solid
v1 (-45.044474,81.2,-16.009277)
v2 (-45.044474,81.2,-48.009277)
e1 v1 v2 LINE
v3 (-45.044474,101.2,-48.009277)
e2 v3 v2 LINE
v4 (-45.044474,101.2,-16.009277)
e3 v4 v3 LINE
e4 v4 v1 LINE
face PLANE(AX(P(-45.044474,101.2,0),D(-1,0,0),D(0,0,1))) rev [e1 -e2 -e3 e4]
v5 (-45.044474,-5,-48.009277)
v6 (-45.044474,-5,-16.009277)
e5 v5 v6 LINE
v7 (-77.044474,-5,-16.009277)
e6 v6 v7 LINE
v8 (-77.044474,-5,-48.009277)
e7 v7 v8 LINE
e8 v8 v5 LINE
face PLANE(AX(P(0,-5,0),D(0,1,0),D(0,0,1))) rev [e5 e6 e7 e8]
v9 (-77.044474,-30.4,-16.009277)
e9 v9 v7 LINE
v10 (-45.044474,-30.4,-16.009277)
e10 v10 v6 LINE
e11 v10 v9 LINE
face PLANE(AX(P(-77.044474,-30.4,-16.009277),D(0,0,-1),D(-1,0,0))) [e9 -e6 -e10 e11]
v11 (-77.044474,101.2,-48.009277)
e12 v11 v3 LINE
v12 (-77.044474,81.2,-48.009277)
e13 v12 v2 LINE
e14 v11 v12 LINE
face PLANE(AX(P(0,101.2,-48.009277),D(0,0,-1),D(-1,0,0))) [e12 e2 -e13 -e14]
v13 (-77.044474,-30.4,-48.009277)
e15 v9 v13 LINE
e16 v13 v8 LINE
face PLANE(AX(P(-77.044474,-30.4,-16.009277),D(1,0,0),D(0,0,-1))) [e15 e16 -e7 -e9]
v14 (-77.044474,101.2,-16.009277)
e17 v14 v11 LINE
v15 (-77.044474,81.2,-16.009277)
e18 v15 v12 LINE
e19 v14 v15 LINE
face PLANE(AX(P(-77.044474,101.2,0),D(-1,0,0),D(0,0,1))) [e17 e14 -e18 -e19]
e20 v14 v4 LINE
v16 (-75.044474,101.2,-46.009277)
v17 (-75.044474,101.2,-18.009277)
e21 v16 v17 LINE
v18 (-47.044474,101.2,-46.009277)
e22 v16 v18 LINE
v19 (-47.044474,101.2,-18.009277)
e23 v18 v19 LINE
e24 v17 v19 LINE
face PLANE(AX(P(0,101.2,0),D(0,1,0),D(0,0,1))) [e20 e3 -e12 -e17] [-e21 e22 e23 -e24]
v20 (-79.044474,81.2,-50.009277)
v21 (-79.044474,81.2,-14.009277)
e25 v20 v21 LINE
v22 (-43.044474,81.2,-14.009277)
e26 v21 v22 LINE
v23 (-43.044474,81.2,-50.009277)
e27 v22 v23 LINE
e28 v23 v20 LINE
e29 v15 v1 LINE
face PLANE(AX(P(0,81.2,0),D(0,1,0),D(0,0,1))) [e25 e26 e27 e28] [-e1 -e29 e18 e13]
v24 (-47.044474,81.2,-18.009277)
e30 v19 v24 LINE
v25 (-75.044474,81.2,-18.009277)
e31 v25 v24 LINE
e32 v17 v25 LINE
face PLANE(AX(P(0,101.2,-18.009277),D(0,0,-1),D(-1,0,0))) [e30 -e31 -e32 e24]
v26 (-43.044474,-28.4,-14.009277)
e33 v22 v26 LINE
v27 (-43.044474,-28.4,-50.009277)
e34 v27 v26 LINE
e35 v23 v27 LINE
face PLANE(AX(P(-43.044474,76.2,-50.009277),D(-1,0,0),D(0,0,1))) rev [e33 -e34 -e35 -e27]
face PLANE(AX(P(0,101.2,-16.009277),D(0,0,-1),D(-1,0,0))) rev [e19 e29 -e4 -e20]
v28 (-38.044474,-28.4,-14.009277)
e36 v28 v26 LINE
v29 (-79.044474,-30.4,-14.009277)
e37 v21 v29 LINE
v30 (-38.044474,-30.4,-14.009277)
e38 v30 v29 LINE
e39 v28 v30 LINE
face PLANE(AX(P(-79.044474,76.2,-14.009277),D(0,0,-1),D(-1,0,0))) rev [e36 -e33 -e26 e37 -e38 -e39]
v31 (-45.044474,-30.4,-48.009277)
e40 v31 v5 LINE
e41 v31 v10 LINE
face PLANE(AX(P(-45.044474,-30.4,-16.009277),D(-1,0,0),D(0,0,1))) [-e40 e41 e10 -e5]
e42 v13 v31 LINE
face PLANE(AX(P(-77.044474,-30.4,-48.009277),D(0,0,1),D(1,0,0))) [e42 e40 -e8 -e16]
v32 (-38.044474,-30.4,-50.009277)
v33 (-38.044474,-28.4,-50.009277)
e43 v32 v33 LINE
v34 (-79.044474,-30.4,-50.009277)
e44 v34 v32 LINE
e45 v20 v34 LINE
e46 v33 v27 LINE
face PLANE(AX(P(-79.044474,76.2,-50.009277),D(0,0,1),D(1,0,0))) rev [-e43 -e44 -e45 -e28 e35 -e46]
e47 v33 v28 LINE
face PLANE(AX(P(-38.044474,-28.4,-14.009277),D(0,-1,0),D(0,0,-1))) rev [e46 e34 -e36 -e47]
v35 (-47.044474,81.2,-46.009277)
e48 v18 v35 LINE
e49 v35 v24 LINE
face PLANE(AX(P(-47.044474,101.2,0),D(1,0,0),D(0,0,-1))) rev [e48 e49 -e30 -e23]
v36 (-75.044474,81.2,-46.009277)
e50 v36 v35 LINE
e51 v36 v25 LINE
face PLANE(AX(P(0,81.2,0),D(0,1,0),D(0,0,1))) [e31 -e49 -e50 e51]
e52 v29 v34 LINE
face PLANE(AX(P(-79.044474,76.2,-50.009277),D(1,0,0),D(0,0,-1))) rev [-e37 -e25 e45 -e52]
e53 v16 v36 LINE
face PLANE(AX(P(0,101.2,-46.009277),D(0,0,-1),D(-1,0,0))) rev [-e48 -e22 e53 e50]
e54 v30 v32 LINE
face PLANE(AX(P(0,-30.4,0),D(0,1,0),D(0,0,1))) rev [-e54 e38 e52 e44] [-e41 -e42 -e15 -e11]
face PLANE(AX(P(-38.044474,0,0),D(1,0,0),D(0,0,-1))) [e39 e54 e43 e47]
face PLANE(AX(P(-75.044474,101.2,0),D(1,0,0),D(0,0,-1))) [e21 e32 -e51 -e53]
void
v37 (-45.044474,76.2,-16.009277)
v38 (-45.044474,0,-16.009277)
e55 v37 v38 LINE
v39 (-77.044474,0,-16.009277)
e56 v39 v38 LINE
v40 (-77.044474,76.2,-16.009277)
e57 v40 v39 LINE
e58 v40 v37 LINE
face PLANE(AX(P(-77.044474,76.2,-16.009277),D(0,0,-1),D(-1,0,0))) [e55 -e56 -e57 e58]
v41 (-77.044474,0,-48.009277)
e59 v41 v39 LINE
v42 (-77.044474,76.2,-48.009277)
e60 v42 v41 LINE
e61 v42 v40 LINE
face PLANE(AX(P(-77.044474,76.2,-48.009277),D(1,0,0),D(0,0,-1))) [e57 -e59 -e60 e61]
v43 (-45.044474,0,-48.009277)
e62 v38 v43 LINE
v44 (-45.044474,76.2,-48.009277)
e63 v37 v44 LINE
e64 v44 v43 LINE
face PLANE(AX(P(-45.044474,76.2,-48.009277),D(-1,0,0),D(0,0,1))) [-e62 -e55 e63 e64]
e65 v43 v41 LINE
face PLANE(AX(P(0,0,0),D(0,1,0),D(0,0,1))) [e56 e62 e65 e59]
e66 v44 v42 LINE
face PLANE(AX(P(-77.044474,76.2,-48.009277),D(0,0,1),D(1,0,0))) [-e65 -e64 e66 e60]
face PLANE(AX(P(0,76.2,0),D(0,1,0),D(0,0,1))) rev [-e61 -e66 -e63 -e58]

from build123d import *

# Parameters (mm, degrees)
SKETCH1_W           = 36
SKETCH1_H           = 36
SKETCH1_W_2         = 32
SKETCH1_H_2         = 32
BOSS_EXTRUDE1_DEPTH = 76.2
SKETCH2_W           = 36
SKETCH2_H           = 36
BOSS_EXTRUDE2_DEPTH = 5
SKETCH3_W           = 36
SKETCH3_H           = 36
SKETCH3_W_2         = 32
SKETCH3_H_2         = 32
BOSS_EXTRUDE3_DEPTH = 25.4
SKETCH4_W           = 36
SKETCH4_H           = 2
BOSS_EXTRUDE4_DEPTH = 5
SKETCH5_W           = 36
SKETCH5_H           = 36
BOSS_EXTRUDE5_DEPTH = 5
SKETCH6_W           = 32
SKETCH6_H           = 32
SKETCH6_W_2         = 28
SKETCH6_H_2         = 28
BOSS_EXTRUDE6_DEPTH = 20


with BuildPart() as part:
    # Sketch1 → Boss-Extrude1 (new body)
    with BuildSketch(Plane(origin=(0, 0, 0), x_dir=(1, 0, 0), z_dir=(0, 1, 0))):
        with Locations((-61.04447382, 32.009277239)):
            Rectangle(SKETCH1_W, SKETCH1_H)
        with Locations((-61.04447382, 32.009277239)):
            Rectangle(SKETCH1_W_2, SKETCH1_H_2, mode=Mode.SUBTRACT)
    extrude(amount=BOSS_EXTRUDE1_DEPTH)

    # Sketch2 → Boss-Extrude2 (add)
    with BuildSketch(Plane.XZ):
        with Locations((-61.04447382, -32.009277239)):
            Rectangle(SKETCH2_W, SKETCH2_H)
    extrude(amount=BOSS_EXTRUDE2_DEPTH)

    # Sketch3 → Boss-Extrude3 (add)
    with BuildSketch(Plane.XZ.offset(5)):
        with Locations((-61.04447382, -32.009277239)):
            Rectangle(SKETCH3_W, SKETCH3_H)
        with Locations((-61.04447382, -32.009277239)):
            Rectangle(SKETCH3_W_2, SKETCH3_H_2, mode=Mode.SUBTRACT)
    extrude(amount=BOSS_EXTRUDE3_DEPTH)

    # Sketch4 → Boss-Extrude4 (add)
    with BuildSketch(Plane(origin=(-43.04447382, 0, 0), x_dir=(0, 0, -1), z_dir=(1, 0, 0))):
        with Locations((32.009277239, -29.4)):
            Rectangle(SKETCH4_W, SKETCH4_H)
    extrude(amount=BOSS_EXTRUDE4_DEPTH)

    # Sketch5 → Boss-Extrude5 (add)
    with BuildSketch(Plane(origin=(0, 76.2, 0), x_dir=(1, 0, 0), z_dir=(0, 1, 0))):
        with Locations((-61.04447382, 32.009277239)):
            Rectangle(SKETCH5_W, SKETCH5_H)
    extrude(amount=BOSS_EXTRUDE5_DEPTH)

    # Sketch6 → Boss-Extrude6 (add)
    with BuildSketch(Plane(origin=(0, 81.2, 0), x_dir=(1, 0, 0), z_dir=(0, 1, 0))):
        with Locations((-61.04447382, 32.009277239)):
            Rectangle(SKETCH6_W, SKETCH6_H)
        with Locations((-61.04447382, 32.009277239)):
            Rectangle(SKETCH6_W_2, SKETCH6_H_2, mode=Mode.SUBTRACT)
    extrude(amount=BOSS_EXTRUDE6_DEPTH)


solid = part.part
